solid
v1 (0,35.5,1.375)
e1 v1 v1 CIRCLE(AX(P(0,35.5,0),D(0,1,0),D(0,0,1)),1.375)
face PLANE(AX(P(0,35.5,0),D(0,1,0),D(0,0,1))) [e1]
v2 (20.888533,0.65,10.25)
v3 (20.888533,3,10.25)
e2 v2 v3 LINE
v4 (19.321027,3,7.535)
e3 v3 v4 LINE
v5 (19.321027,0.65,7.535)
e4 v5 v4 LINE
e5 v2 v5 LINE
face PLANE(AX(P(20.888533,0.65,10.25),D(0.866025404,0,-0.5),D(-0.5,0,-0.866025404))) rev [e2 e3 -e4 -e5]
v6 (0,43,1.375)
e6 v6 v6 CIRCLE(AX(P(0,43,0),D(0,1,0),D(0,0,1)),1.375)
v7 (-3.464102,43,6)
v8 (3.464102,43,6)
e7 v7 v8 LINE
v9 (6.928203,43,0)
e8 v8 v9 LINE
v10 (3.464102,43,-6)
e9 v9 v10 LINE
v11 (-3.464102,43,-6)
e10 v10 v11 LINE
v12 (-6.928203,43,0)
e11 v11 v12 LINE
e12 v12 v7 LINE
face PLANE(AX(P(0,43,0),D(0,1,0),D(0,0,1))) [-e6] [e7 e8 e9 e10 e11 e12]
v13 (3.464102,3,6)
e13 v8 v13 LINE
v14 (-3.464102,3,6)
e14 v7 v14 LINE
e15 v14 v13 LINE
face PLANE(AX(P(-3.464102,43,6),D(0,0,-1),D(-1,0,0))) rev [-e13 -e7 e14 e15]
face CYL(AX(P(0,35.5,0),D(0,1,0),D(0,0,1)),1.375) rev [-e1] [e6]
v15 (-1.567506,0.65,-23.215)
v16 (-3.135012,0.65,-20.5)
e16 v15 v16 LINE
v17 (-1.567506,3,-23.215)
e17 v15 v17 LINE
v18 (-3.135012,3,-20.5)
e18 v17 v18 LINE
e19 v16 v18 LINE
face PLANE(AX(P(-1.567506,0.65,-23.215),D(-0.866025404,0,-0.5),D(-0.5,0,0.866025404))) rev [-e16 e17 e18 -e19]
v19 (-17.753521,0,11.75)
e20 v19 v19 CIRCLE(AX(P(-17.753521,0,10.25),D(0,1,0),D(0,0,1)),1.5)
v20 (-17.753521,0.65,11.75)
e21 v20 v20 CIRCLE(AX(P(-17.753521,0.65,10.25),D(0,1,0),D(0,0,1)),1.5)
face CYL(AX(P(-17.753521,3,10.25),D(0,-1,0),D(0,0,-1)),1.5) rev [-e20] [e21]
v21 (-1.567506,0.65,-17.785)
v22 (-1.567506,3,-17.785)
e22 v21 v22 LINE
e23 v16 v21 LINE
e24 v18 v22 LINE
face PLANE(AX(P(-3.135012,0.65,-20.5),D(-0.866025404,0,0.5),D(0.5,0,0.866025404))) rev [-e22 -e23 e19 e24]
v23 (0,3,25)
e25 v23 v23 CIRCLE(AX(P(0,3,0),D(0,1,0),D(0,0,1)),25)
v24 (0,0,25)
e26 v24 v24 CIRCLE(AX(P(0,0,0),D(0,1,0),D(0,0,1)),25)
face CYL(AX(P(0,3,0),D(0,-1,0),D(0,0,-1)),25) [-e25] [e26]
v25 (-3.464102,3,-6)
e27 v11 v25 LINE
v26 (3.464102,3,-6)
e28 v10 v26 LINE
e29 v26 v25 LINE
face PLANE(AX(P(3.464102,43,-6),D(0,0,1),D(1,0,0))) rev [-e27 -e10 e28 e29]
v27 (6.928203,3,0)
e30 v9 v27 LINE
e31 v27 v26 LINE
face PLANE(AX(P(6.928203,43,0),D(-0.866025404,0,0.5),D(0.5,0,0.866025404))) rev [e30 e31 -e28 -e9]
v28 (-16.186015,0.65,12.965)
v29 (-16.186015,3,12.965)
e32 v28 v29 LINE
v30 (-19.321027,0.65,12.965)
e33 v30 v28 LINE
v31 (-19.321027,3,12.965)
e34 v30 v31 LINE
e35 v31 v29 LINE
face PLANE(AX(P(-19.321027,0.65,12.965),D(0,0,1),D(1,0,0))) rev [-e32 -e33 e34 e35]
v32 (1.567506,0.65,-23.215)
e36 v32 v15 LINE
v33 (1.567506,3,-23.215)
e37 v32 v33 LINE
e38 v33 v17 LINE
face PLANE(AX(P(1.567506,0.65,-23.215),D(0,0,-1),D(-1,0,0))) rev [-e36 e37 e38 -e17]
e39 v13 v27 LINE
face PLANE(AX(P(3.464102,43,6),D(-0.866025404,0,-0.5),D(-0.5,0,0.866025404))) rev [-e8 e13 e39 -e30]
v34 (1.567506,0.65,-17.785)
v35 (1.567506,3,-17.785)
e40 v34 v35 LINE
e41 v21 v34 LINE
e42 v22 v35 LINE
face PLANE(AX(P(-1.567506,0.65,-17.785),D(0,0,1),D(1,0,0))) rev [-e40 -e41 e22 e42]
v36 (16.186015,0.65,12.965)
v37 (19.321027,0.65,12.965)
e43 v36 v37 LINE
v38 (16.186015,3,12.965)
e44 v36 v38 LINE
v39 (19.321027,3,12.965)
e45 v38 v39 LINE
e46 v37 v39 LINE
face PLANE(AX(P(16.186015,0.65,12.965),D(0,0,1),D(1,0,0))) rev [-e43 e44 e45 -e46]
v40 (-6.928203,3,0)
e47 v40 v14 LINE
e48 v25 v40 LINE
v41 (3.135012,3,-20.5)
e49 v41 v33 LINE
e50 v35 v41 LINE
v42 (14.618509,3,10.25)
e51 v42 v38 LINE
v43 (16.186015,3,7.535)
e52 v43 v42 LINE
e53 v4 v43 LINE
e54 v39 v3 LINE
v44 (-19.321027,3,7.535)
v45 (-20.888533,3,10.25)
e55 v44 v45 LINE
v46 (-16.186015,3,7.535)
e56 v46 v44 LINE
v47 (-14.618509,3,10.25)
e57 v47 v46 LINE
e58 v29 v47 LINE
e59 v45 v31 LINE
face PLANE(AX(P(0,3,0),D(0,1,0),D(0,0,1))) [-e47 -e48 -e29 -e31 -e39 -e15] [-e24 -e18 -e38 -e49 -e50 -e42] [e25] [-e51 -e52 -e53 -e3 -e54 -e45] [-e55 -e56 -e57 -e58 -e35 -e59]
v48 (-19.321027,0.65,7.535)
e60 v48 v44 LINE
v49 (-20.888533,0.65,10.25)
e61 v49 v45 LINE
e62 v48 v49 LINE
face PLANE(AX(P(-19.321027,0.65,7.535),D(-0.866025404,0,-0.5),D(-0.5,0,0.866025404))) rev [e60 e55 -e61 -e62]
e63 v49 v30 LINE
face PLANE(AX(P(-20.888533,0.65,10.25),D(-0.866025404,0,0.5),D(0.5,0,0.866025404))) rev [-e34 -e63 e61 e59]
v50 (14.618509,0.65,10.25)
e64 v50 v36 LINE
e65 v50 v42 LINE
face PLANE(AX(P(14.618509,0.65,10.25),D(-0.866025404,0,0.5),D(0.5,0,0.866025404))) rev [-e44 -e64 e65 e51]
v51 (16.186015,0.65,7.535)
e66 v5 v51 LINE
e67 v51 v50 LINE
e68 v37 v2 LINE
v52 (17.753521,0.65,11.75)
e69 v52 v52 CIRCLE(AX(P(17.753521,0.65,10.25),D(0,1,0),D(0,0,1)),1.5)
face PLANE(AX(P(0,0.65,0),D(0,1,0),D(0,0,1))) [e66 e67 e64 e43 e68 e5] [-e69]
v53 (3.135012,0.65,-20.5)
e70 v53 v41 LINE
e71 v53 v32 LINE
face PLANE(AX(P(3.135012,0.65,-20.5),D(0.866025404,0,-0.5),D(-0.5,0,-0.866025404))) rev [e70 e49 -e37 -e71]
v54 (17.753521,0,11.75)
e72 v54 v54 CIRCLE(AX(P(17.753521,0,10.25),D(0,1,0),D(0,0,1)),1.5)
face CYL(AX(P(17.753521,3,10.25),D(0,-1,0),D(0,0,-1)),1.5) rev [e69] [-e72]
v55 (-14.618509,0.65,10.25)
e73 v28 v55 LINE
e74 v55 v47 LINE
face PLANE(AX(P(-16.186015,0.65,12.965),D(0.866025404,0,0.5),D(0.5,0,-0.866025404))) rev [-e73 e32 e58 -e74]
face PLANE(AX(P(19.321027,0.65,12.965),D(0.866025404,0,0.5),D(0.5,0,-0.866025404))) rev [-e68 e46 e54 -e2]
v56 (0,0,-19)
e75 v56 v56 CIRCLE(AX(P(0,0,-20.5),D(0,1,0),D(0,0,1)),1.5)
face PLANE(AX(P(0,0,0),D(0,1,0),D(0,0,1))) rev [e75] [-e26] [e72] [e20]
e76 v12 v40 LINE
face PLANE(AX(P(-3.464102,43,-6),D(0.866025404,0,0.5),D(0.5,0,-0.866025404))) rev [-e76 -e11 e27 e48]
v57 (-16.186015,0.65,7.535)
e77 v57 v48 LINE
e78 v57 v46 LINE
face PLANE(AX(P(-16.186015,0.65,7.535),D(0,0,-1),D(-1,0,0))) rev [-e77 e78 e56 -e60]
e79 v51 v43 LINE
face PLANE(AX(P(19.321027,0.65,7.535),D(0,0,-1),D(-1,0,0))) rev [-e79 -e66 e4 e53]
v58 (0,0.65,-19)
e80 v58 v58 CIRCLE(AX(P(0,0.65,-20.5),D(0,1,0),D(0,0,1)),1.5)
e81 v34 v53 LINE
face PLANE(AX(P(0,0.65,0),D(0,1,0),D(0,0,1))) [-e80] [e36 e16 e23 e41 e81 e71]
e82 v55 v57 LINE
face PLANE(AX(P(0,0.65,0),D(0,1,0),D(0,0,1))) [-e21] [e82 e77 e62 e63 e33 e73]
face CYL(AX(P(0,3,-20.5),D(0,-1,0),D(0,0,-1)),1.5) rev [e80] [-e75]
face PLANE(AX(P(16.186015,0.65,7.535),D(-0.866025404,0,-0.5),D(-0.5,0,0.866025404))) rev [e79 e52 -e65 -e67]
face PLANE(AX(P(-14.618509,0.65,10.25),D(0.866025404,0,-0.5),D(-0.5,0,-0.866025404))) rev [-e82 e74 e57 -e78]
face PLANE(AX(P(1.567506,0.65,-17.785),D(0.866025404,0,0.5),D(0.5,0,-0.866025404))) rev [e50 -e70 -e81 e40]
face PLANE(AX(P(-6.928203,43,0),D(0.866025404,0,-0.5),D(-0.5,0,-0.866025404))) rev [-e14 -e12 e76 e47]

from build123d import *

# Parameters (mm, degrees)
SKETCH1_R           = 25
SKETCH1_R_2         = 1.5
BOSS_EXTRUDE1_DEPTH = 3
BOSS_EXTRUDE2_DEPTH = 40
SKETCH4_R           = 1.375
CUT_EXTRUDE1_DEPTH  = 7.5
CUT_EXTRUDE2_DEPTH  = 2.35


with BuildPart() as part:
    # Sketch1 → Boss-Extrude1 (new body)
    with BuildSketch(Plane(origin=(0, 0, 0), x_dir=(1, 0, 0), z_dir=(0, 1, 0))):
        with Locations(Location((0, 0, 0), (0, 0, 270))):
            Circle(SKETCH1_R)
        with Locations(Location((0, 20.5, 0), (0, 0, 270))):
            Circle(SKETCH1_R_2, mode=Mode.SUBTRACT)
        with Locations(Location((17.753520778, -10.25, 0), (0, 0, 270))):
            Circle(SKETCH1_R_2, mode=Mode.SUBTRACT)
        with Locations(Location((-17.753520778, -10.25, 0), (0, 0, 270))):
            Circle(SKETCH1_R_2, mode=Mode.SUBTRACT)
    extrude(amount=BOSS_EXTRUDE1_DEPTH)

    # Sketch3 → Boss-Extrude2 (add)
    with BuildSketch(Plane(origin=(0, 3, 0), x_dir=(1, 0, 0), z_dir=(0, 1, 0))):
        Polygon((-6.92820323, 0), (-3.464101615, -6), (3.464101615, -6), (6.92820323, 0), (3.464101615, 6), (-3.464101615, 6), align=None)
    extrude(amount=BOSS_EXTRUDE2_DEPTH)

    # Sketch4 → Cut-Extrude1 (cut)
    with BuildSketch(Plane(origin=(0, 43, 0), x_dir=(1, 0, 0), z_dir=(0, 1, 0))):
        with Locations(Location((0, 0, 0), (0, 0, 270))):
            Circle(SKETCH4_R)
    extrude(amount=-CUT_EXTRUDE1_DEPTH, mode=Mode.SUBTRACT)

    # Sketch5 → Cut-Extrude2 (cut)
    with BuildSketch(Plane(origin=(0, 3, 0), x_dir=(1, 0, 0), z_dir=(0, 1, 0))):
        Polygon((1.567505981, 23.215), (-1.567505981, 23.215), (-3.135011962, 20.5), (-1.567505981, 17.785), (1.567505981, 17.785), (3.135011962, 20.5), align=None)
        Polygon((19.321026758, -12.965), (20.888532739, -10.25), (19.321026758, -7.535), (16.186014797, -7.535), (14.618508816, -10.25), (16.186014797, -12.965), align=None)
        Polygon((-20.888532739, -10.25), (-19.321026758, -12.965), (-16.186014797, -12.965), (-14.618508816, -10.25), (-16.186014797, -7.535), (-19.321026758, -7.535), align=None)
    extrude(amount=-CUT_EXTRUDE2_DEPTH, mode=Mode.SUBTRACT)


solid = part.part
